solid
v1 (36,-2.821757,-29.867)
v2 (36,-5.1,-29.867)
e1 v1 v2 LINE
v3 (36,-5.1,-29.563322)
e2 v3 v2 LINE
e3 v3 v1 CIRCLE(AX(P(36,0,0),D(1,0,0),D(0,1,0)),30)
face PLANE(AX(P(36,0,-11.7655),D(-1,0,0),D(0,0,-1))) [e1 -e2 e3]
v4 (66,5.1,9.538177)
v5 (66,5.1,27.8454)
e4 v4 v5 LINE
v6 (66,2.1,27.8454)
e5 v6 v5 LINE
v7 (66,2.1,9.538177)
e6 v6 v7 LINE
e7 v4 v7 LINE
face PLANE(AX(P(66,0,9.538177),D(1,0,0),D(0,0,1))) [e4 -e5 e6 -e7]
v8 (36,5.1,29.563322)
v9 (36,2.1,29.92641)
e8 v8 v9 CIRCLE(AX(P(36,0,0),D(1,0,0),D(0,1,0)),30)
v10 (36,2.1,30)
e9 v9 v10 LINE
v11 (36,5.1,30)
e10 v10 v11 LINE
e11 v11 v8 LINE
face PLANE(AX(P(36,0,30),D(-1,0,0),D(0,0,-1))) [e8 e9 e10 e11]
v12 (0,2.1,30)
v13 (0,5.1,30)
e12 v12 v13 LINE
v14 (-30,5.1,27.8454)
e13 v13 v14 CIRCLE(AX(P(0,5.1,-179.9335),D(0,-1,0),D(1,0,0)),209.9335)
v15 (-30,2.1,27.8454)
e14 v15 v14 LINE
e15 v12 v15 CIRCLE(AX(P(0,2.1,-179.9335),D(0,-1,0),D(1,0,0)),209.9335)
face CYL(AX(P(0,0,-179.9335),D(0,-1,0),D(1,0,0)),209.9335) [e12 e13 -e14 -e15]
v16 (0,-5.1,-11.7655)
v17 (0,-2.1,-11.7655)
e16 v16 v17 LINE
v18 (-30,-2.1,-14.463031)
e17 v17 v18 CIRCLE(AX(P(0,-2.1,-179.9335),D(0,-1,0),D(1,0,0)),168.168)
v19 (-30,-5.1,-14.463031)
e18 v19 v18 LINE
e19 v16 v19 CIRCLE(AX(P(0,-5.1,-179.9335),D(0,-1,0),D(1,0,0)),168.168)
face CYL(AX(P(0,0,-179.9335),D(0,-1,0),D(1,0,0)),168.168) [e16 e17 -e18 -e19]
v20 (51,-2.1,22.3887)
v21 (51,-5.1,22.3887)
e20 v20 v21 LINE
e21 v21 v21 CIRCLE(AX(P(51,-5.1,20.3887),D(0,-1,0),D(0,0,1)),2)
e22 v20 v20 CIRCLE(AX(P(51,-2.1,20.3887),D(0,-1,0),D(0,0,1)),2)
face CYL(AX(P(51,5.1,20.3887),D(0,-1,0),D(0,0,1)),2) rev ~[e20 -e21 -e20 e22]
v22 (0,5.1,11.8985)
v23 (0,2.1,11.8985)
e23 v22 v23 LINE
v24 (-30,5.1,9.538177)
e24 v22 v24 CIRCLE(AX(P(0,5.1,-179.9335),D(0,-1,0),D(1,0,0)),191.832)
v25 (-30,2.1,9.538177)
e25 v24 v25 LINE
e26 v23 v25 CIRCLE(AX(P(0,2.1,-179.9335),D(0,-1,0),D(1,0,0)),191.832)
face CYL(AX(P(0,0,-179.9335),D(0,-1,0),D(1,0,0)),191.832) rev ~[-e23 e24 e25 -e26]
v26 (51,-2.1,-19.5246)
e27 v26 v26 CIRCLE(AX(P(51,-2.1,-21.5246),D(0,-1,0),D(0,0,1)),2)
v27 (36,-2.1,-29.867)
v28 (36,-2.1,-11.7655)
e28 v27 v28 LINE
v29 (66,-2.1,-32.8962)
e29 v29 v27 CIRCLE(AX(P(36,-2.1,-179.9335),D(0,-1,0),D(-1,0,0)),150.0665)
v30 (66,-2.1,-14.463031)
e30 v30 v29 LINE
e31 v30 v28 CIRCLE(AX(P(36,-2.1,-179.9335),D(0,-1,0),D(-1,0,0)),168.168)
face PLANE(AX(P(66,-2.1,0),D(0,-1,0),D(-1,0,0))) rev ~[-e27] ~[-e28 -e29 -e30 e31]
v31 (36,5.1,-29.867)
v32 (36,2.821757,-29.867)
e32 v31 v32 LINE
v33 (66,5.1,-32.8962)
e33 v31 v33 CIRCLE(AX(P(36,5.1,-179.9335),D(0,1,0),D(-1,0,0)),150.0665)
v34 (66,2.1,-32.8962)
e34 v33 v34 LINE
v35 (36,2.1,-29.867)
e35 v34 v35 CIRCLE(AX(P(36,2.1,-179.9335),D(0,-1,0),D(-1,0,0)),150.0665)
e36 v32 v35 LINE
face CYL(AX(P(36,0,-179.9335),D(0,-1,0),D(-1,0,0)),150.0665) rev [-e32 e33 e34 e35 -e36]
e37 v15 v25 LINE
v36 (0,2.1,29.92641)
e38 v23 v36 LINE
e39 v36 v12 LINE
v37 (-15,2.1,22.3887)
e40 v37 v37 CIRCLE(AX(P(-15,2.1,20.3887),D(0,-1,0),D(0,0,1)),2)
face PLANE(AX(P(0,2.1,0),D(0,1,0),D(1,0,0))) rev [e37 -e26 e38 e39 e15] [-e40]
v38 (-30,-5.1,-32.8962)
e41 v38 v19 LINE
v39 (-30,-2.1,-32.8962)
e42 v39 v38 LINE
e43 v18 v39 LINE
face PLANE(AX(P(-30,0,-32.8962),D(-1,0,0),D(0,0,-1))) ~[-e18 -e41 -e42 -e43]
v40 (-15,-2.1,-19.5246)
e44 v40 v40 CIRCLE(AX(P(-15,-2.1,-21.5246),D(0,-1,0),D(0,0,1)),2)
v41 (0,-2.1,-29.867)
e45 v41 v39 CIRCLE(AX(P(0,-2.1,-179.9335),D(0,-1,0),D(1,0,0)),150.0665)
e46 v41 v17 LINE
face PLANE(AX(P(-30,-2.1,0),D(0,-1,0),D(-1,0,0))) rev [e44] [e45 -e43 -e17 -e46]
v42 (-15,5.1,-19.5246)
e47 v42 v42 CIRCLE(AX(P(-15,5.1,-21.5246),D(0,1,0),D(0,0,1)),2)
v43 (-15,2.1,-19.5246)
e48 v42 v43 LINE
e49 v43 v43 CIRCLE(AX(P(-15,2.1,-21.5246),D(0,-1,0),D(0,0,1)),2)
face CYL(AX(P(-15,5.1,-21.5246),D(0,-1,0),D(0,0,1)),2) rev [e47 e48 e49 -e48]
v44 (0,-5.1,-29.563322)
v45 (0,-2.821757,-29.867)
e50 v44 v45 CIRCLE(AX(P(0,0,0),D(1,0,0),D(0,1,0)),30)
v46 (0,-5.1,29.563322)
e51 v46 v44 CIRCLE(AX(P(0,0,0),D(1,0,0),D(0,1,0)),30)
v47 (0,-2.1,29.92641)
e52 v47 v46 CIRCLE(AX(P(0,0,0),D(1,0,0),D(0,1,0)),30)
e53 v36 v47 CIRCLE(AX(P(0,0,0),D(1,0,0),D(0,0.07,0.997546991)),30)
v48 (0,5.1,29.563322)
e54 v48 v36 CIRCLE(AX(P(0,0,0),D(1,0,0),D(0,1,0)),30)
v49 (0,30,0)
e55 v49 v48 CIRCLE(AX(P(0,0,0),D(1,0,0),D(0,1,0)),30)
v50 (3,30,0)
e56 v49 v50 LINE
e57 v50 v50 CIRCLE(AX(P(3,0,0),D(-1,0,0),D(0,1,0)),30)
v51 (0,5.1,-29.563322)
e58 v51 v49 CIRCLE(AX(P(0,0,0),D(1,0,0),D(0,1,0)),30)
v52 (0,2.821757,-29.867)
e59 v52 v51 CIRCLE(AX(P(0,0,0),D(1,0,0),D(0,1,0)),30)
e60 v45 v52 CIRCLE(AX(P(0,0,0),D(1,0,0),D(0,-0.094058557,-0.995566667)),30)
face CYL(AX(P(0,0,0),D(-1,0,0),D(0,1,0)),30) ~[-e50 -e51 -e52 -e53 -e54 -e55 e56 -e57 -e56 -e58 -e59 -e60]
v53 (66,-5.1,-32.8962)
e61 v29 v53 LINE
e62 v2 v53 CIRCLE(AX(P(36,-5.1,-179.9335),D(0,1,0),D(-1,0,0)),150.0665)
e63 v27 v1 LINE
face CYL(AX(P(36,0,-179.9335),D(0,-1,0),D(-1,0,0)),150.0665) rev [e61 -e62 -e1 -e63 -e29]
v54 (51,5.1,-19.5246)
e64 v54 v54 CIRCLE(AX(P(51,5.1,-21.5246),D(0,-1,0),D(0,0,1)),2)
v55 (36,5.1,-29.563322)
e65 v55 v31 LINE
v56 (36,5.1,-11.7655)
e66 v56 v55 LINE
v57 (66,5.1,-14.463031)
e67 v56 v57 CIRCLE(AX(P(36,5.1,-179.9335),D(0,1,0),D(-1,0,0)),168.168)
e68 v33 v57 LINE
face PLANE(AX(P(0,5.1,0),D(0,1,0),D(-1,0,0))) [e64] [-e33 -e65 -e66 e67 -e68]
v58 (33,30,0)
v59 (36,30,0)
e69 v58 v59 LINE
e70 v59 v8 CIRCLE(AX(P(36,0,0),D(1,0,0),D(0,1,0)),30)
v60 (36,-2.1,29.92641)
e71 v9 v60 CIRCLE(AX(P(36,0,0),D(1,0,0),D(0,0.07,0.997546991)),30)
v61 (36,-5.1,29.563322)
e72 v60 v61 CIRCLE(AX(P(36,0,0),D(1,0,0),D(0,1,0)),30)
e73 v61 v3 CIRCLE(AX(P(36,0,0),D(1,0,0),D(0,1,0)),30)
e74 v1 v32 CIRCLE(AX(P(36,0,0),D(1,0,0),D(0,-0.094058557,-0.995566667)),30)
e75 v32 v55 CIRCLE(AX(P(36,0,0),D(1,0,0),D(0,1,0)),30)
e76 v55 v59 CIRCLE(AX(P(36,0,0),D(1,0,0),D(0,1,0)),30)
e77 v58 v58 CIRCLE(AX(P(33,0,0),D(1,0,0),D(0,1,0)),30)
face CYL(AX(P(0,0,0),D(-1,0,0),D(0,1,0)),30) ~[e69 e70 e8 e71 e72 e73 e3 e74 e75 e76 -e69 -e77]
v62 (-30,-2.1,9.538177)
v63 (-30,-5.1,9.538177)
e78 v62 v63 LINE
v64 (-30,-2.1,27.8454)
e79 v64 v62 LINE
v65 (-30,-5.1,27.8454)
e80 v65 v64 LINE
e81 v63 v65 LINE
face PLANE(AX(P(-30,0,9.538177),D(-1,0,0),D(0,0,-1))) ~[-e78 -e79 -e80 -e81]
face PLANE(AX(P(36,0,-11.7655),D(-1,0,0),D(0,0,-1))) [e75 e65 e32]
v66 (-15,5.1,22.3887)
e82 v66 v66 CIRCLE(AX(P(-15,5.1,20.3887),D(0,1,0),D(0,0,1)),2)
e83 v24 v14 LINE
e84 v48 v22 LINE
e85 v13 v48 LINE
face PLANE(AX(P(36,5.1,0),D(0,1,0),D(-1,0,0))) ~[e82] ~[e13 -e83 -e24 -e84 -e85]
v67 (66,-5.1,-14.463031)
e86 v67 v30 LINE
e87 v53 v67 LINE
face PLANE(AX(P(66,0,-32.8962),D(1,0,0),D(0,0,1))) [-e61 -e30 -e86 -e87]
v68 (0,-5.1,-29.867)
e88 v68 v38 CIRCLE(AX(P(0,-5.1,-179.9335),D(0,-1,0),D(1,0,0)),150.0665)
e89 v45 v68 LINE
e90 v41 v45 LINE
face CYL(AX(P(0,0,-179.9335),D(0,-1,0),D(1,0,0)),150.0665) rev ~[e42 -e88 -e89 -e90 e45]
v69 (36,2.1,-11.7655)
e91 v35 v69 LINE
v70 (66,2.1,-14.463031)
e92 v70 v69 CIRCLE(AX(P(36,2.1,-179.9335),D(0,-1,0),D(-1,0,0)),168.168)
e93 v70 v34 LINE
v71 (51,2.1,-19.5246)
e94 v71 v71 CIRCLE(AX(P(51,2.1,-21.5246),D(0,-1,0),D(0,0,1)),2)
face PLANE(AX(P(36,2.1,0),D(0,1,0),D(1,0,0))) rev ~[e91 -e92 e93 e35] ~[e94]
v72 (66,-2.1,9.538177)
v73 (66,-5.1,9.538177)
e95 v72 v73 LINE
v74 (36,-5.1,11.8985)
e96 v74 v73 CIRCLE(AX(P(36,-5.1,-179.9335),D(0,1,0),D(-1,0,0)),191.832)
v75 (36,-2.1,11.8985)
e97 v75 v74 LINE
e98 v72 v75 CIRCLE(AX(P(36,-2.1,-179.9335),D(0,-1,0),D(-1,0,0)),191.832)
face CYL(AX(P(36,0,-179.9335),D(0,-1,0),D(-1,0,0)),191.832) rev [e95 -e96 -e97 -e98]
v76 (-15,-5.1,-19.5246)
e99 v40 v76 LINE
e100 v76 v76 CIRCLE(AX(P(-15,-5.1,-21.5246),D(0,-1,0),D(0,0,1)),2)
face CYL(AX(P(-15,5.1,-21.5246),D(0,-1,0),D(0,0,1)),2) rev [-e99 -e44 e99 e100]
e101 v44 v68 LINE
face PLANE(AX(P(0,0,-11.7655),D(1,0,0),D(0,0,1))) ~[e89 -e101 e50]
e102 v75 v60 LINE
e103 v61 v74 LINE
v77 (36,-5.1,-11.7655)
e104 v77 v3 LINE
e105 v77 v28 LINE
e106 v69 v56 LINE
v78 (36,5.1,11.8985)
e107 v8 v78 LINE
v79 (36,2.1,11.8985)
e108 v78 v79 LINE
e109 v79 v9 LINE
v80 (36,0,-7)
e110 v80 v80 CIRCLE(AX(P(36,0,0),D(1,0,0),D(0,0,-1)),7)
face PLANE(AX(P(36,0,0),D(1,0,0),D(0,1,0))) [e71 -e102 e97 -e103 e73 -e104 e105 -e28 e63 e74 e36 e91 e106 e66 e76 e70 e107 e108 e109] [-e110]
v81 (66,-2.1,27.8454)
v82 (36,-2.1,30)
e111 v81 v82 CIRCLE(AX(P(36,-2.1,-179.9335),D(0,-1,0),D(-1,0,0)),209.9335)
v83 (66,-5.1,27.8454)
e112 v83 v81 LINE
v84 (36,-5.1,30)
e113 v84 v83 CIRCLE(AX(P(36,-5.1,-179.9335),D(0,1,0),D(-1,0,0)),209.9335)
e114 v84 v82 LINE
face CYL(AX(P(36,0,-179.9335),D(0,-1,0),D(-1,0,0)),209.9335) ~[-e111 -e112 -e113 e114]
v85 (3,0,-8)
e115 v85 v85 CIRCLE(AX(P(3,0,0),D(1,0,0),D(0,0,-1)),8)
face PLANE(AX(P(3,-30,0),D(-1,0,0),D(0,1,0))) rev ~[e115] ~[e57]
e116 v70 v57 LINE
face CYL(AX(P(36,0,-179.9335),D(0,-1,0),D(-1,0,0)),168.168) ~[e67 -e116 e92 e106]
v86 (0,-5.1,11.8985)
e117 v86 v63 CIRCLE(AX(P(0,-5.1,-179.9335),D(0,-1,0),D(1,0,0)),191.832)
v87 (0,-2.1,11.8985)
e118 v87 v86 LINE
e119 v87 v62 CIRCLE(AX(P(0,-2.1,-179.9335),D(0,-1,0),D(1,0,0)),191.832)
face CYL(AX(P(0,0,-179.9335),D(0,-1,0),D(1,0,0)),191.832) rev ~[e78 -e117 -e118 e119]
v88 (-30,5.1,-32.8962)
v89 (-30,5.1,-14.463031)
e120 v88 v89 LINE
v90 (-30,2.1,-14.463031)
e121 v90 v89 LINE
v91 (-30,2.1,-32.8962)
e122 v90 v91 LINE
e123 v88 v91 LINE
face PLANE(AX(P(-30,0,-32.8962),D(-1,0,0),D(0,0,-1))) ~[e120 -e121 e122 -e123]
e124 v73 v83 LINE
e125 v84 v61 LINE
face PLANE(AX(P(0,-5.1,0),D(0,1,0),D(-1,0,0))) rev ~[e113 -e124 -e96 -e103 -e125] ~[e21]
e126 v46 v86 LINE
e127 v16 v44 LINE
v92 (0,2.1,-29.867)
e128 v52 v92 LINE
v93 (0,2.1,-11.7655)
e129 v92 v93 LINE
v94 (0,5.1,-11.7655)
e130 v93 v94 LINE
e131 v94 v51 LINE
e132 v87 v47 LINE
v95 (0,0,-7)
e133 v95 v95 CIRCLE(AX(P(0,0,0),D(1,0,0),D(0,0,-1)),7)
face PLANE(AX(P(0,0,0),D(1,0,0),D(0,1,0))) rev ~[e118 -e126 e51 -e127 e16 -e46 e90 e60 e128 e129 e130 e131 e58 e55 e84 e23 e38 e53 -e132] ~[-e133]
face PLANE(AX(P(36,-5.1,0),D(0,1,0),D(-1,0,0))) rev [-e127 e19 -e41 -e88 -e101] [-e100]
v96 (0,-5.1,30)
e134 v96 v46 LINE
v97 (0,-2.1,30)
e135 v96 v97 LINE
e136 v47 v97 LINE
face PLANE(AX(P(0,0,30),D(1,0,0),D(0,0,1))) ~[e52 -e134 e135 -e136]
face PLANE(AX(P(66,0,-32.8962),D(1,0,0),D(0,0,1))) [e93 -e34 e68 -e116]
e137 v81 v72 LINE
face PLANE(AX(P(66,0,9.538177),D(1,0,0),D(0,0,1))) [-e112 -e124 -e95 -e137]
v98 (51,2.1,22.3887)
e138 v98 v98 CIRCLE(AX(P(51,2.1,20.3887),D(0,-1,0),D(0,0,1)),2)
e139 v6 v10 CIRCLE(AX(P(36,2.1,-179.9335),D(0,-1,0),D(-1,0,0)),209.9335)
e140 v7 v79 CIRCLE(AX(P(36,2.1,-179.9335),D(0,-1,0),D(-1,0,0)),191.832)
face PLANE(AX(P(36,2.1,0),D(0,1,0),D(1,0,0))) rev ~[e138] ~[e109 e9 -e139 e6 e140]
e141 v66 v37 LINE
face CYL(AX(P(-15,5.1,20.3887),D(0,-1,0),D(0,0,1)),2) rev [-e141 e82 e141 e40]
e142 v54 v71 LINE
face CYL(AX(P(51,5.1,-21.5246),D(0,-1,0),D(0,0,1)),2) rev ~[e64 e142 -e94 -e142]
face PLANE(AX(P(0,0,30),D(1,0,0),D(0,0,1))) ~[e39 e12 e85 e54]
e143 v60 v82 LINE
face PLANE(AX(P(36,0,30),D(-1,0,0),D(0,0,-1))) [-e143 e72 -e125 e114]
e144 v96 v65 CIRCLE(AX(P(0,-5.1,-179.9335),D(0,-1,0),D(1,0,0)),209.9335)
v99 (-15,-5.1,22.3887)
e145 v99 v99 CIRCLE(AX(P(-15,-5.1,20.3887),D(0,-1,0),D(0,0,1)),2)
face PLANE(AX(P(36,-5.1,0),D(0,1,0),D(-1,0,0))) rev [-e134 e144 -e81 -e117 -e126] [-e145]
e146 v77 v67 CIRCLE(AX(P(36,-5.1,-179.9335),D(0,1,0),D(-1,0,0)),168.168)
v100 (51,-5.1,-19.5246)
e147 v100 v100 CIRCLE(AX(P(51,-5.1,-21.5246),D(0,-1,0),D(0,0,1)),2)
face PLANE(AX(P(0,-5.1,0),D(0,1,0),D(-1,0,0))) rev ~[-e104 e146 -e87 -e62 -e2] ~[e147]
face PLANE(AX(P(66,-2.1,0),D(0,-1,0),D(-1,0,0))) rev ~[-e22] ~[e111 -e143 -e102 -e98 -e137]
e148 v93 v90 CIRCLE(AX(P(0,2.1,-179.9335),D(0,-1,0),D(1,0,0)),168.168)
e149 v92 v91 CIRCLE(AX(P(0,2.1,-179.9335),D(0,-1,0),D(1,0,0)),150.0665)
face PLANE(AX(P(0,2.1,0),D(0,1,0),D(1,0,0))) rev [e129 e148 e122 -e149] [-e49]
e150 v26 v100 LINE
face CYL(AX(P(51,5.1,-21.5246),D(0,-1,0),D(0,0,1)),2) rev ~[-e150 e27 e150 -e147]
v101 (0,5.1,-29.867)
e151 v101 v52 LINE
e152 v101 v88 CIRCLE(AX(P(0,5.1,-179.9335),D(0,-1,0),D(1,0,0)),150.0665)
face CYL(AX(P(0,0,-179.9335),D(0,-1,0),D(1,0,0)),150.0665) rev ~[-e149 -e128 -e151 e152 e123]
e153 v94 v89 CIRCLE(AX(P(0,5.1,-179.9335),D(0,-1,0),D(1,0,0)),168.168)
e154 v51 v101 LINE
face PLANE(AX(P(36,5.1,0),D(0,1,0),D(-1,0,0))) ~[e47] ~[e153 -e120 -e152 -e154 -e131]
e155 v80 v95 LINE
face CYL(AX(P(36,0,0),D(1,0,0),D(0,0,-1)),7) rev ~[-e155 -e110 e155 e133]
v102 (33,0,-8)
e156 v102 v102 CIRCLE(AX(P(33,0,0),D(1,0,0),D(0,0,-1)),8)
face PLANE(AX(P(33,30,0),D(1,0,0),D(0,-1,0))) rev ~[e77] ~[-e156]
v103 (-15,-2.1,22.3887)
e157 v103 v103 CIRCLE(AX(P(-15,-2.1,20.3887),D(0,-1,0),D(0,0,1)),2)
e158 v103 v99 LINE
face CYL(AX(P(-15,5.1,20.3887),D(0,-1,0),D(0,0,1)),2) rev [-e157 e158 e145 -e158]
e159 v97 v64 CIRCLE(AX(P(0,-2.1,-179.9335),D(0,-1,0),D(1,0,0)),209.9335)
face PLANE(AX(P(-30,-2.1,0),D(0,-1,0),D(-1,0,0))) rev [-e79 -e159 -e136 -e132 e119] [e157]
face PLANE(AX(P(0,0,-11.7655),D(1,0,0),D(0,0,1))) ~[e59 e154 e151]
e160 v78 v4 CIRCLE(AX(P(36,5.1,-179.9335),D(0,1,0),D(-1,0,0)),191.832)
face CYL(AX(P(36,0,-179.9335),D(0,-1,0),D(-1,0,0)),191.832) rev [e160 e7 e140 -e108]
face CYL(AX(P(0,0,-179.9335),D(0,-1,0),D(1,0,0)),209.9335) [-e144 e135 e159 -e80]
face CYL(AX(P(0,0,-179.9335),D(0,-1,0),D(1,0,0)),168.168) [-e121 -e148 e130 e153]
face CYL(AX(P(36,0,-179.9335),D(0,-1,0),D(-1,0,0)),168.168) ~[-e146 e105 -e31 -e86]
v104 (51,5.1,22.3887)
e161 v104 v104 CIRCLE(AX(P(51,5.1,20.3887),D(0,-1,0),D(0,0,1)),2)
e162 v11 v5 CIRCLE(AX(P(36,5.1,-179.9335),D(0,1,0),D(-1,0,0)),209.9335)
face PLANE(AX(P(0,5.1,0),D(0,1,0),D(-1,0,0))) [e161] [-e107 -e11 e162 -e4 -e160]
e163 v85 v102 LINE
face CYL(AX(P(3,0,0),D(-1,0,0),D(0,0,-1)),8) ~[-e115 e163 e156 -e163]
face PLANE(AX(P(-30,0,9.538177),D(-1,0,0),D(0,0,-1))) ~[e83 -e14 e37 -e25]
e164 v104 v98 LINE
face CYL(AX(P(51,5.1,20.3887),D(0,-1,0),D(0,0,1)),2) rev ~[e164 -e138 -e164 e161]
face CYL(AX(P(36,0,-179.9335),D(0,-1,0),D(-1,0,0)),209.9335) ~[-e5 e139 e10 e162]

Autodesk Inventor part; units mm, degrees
ref_plane "YZ Plane" through (0, 0, 0) normal (1, 0, 0) x (0, 1, 0)
ref_plane "XZ Plane" through (0, 0, 0) normal (0, 1, 0) x (-1, 0, 0)
ref_plane "XY Plane" through (0, 0, 0) normal (0, 0, 1) x (1, 0, 0)
sketch "Skizze1" plane through (0, 0, 0) normal (1, 0, 0) x (0, 1, 0)
  circle A0 centre (0, 0) radius 30
  dimension "d0" = 60
extrude "Extrusion1" add sketch "Skizze1" along normal blind 36
sketch "Skizze2" plane through (0, 0, 0) normal (0, 0, 1) x (1, 0, 0)
  line L0 (0, 30) -> (36, 30) projected
  line L1 (0, -30) -> (36, -30) projected
  line L2 (0, -30) -> (0, 30) projected
  line L3 (36, -30) -> (36, 30) projected
  line L4 (3, 30) -> (33, 30)
  line L5 (33, 30) -> (33, -30)
  line L6 (33, -30) -> (3, -30)
  line L7 (3, -30) -> (3, 30)
  point P0 (0, 0)
  dimension "d3" = 3
  dimension "d4" = 3
extrude "Extrusion2" cut sketch "Skizze2" along normal through all both and the other way through all contours L0 L5 L1 L7
sketch "Skizze3" plane through (3, 0, 0) normal (1, 0, 0) x (0, 0, -1)
  circle A0 centre (0, 0) radius 30 projected
  circle A1 centre (0, 0) radius 8
  circle A2 centre (0, 0) radius 7
  point P0 (0, 0)
  dimension "d11" = 16
  dimension "d12" = 14
extrude "Extrusion3" add sketch "Skizze3" along normal blind 30 contours A1
sketch "Skizze4" plane through (36, 0, 0) normal (1, 0, 0) x (0, 0, -1)
  circle A0 centre (0, 0) radius 7
  circle A1 centre (0, 0) radius 7 projected
  point P0 (0, 0)
extrude "Extrusion4" cut sketch "Skizze4" against normal through all
sketch "Skizze9" plane through (0, 0, 0) normal (0, 1, 0) x (-1, 0, 0)
  line L0 (0, 30) -> (-3, 30) projected
  line L1 (0, 30) -> (0, -30) projected
  circle A0 centre (-36, -179.9335) radius 209.9335
  line L2 (0, -208.9659) -> (0, 69.8277) projected
  line L3 (41.5282, 0) -> (-106.5298, 0) projected
  line L4 (-36, 30) -> (-36, -30) projected
  line L5 (-33, 30) -> (-36, 30) projected
  circle A1 centre (-36, -179.9335) radius 191.832
  circle A2 centre (-36, -179.9335) radius 168.168
  circle A3 centre (-36, -179.9335) radius 150.0665
  line L6 (-66, -32.8962) -> (-66, 27.8454)
  point P0 (0, 0)
  point P1 (-66, 9.5382)
  point P2 (-36, 11.8985)
  point P3 (-66, -14.463)
  point P4 (-36, -29.867)
  point P5 (-36, -11.7655)
  dimension "d25" = 300.133
  dimension "d21" = 36
  dimension "d22" = 419.867
  dimension "d23" = 383.664
  dimension "d24" = 336.336
  dimension "d26" = 30
extrude "Extrusion6" add sketch "Skizze9" along normal mid plane 10.2 contours L4 A1 L6 A0 | L4 A3 L6 A2
sketch "Skizze10" plane through (0, 0, 0) normal (0, 0, 1) x (1, 0, 0)
  line L0 (36, 5.1) -> (36, 5.1) projected
  line L1 (36, 2.8218) -> (36, 5.1) projected
  line L2 (36, -2.8218) -> (36, 2.8218) projected
  line L3 (36, -5.1) -> (36, -2.8218) projected
  line L4 (36, -5.1) -> (36, -5.1) projected
  line L5 (36, 0) -> (36, -5.1) projected
  line L6 (36, 5.1) -> (36, 0) projected
  line L7 (33, -30) -> (33, 30) projected
  line L8 (36, -5.1) -> (36, 0) projected
  line L9 (36, 0) -> (36, 5.1) projected
  line L10 (66, -5.1) -> (66, 5.1) projected
  line L11 (36, 2.1) -> (66, 2.1)
  line L12 (66, 2.1) -> (66, -2.1)
  line L13 (66, -2.1) -> (36, -2.1)
  line L14 (36, -2.1) -> (36, 2.1)
  line L15 (36, -5.1) -> (66, -5.1) projected
  line L16 (36, 5.1) -> (66, 5.1) projected
  point P0 (0, 0)
  point P1 (36, -3.1)
  point P2 (36, 3.1)
  dimension "d29" = 3
  dimension "d45" = 3
extrude "Extrusion8" cut sketch "Skizze10" along normal through all both and the other way through all contours L11 L10 L13 L2
sketch "Skizze11" plane through (0, 5.1, 0) normal (0, 1, 0) x (1, 0, 0)
  circle A0 centre (36, 179.9335) radius 159.1175
  line L0 (-245.2362, 0) -> (317.2362, 0) projected
  line L1 (0, 462.9798) -> (0, -112.1633) projected
  line L2 (36, -29.5633) -> (36, 29.5633) projected
  arc A1 (36, 29.867) -> (66, 32.8962) centre (36, 179.9335) ccw projected
  circle A2 centre (36, 179.9335) radius 200.883
  point P0 (0, 0)
  point P1 (51, 21.5246)
  point P2 (51, -20.3887)
  dimension "d34" = 318.235
  dimension "d36" = 401.766
  dimension "d35" = 15
  dimension "d37" = 15
hole "Bohrung1" at (51, 5.1, -21.5246) at (51, 5.1, 20.3887) direction (0, -1, 0) diameter 4 depth 50 tip angle 118
ref_plane "Arbeitsebene1" through (18, 0, 0) normal (1, 0, 0) x (0, 0, -1)
mirror "Spiegeln1" about plane through (18, 0, 0) normal (1, 0, 0) of "Extrusion6", "Bohrung1", "Extrusion8"
properties part number "Verbindungsstück"
